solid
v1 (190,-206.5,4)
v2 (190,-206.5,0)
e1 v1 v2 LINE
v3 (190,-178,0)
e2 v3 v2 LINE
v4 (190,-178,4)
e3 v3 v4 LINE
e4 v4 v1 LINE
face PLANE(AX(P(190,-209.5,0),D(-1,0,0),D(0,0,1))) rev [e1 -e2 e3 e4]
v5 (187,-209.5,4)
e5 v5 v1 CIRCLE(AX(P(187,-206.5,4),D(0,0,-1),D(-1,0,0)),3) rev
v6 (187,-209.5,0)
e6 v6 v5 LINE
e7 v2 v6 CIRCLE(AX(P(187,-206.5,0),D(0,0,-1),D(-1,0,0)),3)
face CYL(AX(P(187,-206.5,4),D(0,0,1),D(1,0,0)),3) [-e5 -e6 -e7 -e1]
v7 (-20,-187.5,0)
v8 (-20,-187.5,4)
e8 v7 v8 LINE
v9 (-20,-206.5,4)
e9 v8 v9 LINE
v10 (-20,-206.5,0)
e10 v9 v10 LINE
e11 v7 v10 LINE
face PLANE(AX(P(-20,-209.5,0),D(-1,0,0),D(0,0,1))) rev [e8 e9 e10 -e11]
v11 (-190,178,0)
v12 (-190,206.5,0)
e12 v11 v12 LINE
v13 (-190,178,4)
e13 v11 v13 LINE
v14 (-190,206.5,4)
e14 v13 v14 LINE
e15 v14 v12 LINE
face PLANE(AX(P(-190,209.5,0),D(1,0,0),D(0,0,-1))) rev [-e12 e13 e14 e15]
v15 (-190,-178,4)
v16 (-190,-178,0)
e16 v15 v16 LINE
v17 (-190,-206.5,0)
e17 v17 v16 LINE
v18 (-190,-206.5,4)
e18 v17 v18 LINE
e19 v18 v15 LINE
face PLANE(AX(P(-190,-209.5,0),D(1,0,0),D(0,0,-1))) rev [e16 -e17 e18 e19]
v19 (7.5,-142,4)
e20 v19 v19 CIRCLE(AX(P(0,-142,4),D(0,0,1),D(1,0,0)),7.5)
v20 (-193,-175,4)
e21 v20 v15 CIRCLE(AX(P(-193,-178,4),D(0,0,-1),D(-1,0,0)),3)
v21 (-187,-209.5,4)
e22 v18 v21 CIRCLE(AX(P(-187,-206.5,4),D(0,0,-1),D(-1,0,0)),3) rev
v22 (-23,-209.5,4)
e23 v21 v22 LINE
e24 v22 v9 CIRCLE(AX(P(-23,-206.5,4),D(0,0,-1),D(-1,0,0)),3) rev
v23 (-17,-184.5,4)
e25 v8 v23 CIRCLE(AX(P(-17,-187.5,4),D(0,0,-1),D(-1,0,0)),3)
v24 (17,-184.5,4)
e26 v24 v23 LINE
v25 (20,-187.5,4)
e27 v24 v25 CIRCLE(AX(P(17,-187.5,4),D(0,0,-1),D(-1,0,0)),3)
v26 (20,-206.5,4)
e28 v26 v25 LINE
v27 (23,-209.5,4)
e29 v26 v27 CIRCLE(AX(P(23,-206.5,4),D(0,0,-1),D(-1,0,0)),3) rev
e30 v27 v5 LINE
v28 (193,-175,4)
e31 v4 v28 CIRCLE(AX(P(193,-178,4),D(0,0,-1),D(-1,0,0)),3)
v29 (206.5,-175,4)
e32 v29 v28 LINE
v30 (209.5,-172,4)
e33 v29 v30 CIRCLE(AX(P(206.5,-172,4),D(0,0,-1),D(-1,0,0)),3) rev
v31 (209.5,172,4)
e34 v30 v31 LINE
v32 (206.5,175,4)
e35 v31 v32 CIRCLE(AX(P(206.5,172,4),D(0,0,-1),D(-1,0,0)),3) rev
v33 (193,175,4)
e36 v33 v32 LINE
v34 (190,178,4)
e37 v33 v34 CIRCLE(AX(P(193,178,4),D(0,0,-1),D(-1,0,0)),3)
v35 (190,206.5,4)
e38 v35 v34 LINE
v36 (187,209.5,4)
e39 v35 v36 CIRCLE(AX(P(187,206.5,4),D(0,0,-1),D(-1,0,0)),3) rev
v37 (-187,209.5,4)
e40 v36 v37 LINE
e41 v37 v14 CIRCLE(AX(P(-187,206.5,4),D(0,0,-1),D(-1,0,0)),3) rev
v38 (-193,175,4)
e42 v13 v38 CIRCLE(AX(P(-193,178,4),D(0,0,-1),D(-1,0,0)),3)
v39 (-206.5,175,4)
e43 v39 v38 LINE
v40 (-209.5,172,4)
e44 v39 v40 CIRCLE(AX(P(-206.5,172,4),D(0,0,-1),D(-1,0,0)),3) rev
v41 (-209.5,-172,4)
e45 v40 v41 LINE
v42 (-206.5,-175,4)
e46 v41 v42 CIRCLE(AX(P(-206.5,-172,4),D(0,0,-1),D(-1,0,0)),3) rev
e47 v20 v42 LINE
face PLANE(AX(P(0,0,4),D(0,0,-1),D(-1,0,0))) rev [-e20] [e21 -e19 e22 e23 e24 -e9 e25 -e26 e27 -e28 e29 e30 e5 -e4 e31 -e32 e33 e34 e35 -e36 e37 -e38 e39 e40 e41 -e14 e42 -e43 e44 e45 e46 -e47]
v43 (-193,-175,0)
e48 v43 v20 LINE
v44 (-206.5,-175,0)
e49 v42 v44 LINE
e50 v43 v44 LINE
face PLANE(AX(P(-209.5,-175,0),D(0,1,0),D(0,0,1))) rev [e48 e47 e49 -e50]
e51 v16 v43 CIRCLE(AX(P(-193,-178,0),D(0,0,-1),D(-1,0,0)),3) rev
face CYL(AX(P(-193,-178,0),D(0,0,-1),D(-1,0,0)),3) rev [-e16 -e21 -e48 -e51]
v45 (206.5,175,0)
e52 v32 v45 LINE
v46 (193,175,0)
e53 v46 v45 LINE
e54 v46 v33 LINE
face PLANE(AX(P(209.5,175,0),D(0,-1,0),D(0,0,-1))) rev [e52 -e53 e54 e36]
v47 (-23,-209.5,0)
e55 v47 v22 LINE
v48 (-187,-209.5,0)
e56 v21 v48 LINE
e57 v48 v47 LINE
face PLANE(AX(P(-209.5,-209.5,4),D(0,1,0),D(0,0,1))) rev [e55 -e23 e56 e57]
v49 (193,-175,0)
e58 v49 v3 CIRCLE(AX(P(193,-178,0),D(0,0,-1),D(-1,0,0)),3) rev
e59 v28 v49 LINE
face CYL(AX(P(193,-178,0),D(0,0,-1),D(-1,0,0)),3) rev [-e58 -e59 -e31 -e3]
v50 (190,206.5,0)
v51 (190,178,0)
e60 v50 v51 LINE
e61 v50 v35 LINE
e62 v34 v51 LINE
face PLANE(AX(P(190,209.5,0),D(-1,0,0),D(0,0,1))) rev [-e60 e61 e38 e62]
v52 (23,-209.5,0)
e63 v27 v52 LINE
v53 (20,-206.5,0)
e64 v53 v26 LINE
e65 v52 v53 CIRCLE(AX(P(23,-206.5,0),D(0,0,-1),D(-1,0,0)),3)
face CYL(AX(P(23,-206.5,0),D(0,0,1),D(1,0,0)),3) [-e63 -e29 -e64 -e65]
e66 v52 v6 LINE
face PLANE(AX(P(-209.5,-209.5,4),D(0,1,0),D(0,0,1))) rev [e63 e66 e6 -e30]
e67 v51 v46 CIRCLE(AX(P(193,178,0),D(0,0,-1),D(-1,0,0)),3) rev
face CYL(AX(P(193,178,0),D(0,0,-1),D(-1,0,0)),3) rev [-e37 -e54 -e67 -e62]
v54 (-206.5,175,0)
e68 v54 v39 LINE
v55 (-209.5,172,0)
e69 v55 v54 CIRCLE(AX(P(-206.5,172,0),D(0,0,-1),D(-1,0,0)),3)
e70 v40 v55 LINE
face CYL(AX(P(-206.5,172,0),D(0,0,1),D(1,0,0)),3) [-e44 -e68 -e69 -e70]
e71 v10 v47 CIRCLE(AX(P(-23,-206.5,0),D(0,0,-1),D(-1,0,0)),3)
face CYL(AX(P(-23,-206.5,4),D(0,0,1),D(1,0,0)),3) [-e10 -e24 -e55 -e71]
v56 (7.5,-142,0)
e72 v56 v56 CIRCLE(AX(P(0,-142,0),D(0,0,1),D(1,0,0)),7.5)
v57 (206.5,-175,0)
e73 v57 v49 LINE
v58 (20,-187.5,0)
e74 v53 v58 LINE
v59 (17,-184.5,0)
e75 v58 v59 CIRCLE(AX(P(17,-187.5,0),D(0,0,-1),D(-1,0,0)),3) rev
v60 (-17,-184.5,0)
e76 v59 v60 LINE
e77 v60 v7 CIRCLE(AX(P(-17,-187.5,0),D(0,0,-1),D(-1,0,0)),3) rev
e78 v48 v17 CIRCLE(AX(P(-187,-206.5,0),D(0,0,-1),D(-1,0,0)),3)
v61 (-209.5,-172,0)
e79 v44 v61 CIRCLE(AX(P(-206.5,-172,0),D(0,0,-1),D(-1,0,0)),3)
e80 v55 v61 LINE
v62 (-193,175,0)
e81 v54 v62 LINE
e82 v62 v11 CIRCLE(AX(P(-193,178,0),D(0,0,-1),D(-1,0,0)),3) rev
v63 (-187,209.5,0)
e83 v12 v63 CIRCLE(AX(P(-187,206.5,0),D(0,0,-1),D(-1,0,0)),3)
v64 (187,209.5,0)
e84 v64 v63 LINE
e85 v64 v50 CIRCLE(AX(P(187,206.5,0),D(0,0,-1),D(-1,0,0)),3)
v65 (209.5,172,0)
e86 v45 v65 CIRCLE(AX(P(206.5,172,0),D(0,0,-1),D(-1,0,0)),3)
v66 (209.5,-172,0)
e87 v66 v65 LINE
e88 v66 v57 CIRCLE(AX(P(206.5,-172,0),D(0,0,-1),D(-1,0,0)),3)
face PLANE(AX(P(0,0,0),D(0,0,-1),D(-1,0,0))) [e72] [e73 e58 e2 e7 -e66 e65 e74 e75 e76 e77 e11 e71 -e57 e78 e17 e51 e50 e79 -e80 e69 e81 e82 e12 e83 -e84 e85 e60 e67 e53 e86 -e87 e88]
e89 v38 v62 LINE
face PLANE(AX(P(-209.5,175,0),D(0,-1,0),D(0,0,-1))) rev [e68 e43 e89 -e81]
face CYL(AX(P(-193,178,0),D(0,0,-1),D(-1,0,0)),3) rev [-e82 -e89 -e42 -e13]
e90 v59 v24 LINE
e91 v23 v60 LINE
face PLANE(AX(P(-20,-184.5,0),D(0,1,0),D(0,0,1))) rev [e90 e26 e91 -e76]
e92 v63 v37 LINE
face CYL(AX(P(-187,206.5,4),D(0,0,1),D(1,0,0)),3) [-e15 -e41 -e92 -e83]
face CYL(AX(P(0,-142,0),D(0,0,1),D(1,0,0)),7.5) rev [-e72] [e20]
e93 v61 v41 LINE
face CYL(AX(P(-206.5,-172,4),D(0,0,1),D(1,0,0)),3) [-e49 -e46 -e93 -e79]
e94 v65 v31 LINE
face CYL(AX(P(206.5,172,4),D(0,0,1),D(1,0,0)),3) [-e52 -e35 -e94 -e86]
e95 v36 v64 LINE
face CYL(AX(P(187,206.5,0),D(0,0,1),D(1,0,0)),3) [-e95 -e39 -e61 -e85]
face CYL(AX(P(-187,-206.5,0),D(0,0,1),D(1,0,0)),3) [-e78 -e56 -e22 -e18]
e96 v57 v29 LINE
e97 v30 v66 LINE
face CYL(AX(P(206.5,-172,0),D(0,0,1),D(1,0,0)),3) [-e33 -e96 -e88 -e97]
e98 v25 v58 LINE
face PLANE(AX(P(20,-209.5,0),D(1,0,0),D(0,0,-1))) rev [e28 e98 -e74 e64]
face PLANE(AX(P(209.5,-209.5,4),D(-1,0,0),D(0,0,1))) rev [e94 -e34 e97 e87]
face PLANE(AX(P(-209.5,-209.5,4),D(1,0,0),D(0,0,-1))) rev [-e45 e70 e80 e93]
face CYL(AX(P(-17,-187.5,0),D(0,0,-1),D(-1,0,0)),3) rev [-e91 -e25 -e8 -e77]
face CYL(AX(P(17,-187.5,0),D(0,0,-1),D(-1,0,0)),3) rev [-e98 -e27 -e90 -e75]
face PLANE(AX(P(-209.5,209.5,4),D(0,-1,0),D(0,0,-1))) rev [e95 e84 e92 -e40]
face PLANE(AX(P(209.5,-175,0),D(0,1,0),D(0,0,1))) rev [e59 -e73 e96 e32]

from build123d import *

# Parameters (mm, degrees)
SKETCH1_W           = 419
SKETCH1_H           = 419
BASE_SHEET_DEPTH    = 4
SKETCH2_W           = 19.5
SKETCH2_H           = 34.5
BELT_CUTOUTS_DEPTH  = 297.304741778
SKETCH3_R           = 7.5
SKETCH3_W           = 40
SKETCH3_H           = 25
CABLE_CUTOUTS_DEPTH = 4
FILLET1_R           = 3


with BuildPart() as part:
    # Sketch1 → base sheet (new body)
    with BuildSketch(Plane.XY):
        Rectangle(SKETCH1_W, SKETCH1_H)
    extrude(amount=BASE_SHEET_DEPTH)

    # Sketch2 → belt cutouts (cut, through all)
    with BuildSketch(Plane.XY.offset(4)):
        with Locations((-199.75, 192.25)):
            Rectangle(SKETCH2_W, SKETCH2_H)
        with Locations((199.75, 192.25)):
            Rectangle(SKETCH2_W, SKETCH2_H)
        with Locations((-199.75, -192.25)):
            Rectangle(SKETCH2_W, SKETCH2_H)
        with Locations((199.75, -192.25)):
            Rectangle(SKETCH2_W, SKETCH2_H)
    extrude(amount=-BELT_CUTOUTS_DEPTH, mode=Mode.SUBTRACT)

    # Sketch3 → cable cutouts (cut)
    with BuildSketch(Plane.XY.offset(4)):
        with Locations((0, -142)):
            Circle(SKETCH3_R)
        with Locations((0, -197)):
            Rectangle(SKETCH3_W, SKETCH3_H)
    extrude(amount=-CABLE_CUTOUTS_DEPTH, mode=Mode.SUBTRACT)

    # Fillet1
    fillet1_edges = [part.edges().sort_by_distance(p)[0] for p in [
        (209.5, 175, 2),
        (190, 175, 2),
        (190, 209.5, 2),
        (-209.5, -175, 2),
        (-190, -175, 2),
        (-190, -209.5, 2),
        (209.5, -175, 2),
        (190, -209.5, 2),
        (190, -175, 2),
        (-209.5, 175, 2),
        (-190, 209.5, 2),
        (-190, 175, 2),
        (-20, -209.5, 2),
        (-20, -184.5, 2),
        (20, -184.5, 2),
        (20, -209.5, 2),
    ]]
    fillet(fillet1_edges, radius=FILLET1_R)


solid = part.part
